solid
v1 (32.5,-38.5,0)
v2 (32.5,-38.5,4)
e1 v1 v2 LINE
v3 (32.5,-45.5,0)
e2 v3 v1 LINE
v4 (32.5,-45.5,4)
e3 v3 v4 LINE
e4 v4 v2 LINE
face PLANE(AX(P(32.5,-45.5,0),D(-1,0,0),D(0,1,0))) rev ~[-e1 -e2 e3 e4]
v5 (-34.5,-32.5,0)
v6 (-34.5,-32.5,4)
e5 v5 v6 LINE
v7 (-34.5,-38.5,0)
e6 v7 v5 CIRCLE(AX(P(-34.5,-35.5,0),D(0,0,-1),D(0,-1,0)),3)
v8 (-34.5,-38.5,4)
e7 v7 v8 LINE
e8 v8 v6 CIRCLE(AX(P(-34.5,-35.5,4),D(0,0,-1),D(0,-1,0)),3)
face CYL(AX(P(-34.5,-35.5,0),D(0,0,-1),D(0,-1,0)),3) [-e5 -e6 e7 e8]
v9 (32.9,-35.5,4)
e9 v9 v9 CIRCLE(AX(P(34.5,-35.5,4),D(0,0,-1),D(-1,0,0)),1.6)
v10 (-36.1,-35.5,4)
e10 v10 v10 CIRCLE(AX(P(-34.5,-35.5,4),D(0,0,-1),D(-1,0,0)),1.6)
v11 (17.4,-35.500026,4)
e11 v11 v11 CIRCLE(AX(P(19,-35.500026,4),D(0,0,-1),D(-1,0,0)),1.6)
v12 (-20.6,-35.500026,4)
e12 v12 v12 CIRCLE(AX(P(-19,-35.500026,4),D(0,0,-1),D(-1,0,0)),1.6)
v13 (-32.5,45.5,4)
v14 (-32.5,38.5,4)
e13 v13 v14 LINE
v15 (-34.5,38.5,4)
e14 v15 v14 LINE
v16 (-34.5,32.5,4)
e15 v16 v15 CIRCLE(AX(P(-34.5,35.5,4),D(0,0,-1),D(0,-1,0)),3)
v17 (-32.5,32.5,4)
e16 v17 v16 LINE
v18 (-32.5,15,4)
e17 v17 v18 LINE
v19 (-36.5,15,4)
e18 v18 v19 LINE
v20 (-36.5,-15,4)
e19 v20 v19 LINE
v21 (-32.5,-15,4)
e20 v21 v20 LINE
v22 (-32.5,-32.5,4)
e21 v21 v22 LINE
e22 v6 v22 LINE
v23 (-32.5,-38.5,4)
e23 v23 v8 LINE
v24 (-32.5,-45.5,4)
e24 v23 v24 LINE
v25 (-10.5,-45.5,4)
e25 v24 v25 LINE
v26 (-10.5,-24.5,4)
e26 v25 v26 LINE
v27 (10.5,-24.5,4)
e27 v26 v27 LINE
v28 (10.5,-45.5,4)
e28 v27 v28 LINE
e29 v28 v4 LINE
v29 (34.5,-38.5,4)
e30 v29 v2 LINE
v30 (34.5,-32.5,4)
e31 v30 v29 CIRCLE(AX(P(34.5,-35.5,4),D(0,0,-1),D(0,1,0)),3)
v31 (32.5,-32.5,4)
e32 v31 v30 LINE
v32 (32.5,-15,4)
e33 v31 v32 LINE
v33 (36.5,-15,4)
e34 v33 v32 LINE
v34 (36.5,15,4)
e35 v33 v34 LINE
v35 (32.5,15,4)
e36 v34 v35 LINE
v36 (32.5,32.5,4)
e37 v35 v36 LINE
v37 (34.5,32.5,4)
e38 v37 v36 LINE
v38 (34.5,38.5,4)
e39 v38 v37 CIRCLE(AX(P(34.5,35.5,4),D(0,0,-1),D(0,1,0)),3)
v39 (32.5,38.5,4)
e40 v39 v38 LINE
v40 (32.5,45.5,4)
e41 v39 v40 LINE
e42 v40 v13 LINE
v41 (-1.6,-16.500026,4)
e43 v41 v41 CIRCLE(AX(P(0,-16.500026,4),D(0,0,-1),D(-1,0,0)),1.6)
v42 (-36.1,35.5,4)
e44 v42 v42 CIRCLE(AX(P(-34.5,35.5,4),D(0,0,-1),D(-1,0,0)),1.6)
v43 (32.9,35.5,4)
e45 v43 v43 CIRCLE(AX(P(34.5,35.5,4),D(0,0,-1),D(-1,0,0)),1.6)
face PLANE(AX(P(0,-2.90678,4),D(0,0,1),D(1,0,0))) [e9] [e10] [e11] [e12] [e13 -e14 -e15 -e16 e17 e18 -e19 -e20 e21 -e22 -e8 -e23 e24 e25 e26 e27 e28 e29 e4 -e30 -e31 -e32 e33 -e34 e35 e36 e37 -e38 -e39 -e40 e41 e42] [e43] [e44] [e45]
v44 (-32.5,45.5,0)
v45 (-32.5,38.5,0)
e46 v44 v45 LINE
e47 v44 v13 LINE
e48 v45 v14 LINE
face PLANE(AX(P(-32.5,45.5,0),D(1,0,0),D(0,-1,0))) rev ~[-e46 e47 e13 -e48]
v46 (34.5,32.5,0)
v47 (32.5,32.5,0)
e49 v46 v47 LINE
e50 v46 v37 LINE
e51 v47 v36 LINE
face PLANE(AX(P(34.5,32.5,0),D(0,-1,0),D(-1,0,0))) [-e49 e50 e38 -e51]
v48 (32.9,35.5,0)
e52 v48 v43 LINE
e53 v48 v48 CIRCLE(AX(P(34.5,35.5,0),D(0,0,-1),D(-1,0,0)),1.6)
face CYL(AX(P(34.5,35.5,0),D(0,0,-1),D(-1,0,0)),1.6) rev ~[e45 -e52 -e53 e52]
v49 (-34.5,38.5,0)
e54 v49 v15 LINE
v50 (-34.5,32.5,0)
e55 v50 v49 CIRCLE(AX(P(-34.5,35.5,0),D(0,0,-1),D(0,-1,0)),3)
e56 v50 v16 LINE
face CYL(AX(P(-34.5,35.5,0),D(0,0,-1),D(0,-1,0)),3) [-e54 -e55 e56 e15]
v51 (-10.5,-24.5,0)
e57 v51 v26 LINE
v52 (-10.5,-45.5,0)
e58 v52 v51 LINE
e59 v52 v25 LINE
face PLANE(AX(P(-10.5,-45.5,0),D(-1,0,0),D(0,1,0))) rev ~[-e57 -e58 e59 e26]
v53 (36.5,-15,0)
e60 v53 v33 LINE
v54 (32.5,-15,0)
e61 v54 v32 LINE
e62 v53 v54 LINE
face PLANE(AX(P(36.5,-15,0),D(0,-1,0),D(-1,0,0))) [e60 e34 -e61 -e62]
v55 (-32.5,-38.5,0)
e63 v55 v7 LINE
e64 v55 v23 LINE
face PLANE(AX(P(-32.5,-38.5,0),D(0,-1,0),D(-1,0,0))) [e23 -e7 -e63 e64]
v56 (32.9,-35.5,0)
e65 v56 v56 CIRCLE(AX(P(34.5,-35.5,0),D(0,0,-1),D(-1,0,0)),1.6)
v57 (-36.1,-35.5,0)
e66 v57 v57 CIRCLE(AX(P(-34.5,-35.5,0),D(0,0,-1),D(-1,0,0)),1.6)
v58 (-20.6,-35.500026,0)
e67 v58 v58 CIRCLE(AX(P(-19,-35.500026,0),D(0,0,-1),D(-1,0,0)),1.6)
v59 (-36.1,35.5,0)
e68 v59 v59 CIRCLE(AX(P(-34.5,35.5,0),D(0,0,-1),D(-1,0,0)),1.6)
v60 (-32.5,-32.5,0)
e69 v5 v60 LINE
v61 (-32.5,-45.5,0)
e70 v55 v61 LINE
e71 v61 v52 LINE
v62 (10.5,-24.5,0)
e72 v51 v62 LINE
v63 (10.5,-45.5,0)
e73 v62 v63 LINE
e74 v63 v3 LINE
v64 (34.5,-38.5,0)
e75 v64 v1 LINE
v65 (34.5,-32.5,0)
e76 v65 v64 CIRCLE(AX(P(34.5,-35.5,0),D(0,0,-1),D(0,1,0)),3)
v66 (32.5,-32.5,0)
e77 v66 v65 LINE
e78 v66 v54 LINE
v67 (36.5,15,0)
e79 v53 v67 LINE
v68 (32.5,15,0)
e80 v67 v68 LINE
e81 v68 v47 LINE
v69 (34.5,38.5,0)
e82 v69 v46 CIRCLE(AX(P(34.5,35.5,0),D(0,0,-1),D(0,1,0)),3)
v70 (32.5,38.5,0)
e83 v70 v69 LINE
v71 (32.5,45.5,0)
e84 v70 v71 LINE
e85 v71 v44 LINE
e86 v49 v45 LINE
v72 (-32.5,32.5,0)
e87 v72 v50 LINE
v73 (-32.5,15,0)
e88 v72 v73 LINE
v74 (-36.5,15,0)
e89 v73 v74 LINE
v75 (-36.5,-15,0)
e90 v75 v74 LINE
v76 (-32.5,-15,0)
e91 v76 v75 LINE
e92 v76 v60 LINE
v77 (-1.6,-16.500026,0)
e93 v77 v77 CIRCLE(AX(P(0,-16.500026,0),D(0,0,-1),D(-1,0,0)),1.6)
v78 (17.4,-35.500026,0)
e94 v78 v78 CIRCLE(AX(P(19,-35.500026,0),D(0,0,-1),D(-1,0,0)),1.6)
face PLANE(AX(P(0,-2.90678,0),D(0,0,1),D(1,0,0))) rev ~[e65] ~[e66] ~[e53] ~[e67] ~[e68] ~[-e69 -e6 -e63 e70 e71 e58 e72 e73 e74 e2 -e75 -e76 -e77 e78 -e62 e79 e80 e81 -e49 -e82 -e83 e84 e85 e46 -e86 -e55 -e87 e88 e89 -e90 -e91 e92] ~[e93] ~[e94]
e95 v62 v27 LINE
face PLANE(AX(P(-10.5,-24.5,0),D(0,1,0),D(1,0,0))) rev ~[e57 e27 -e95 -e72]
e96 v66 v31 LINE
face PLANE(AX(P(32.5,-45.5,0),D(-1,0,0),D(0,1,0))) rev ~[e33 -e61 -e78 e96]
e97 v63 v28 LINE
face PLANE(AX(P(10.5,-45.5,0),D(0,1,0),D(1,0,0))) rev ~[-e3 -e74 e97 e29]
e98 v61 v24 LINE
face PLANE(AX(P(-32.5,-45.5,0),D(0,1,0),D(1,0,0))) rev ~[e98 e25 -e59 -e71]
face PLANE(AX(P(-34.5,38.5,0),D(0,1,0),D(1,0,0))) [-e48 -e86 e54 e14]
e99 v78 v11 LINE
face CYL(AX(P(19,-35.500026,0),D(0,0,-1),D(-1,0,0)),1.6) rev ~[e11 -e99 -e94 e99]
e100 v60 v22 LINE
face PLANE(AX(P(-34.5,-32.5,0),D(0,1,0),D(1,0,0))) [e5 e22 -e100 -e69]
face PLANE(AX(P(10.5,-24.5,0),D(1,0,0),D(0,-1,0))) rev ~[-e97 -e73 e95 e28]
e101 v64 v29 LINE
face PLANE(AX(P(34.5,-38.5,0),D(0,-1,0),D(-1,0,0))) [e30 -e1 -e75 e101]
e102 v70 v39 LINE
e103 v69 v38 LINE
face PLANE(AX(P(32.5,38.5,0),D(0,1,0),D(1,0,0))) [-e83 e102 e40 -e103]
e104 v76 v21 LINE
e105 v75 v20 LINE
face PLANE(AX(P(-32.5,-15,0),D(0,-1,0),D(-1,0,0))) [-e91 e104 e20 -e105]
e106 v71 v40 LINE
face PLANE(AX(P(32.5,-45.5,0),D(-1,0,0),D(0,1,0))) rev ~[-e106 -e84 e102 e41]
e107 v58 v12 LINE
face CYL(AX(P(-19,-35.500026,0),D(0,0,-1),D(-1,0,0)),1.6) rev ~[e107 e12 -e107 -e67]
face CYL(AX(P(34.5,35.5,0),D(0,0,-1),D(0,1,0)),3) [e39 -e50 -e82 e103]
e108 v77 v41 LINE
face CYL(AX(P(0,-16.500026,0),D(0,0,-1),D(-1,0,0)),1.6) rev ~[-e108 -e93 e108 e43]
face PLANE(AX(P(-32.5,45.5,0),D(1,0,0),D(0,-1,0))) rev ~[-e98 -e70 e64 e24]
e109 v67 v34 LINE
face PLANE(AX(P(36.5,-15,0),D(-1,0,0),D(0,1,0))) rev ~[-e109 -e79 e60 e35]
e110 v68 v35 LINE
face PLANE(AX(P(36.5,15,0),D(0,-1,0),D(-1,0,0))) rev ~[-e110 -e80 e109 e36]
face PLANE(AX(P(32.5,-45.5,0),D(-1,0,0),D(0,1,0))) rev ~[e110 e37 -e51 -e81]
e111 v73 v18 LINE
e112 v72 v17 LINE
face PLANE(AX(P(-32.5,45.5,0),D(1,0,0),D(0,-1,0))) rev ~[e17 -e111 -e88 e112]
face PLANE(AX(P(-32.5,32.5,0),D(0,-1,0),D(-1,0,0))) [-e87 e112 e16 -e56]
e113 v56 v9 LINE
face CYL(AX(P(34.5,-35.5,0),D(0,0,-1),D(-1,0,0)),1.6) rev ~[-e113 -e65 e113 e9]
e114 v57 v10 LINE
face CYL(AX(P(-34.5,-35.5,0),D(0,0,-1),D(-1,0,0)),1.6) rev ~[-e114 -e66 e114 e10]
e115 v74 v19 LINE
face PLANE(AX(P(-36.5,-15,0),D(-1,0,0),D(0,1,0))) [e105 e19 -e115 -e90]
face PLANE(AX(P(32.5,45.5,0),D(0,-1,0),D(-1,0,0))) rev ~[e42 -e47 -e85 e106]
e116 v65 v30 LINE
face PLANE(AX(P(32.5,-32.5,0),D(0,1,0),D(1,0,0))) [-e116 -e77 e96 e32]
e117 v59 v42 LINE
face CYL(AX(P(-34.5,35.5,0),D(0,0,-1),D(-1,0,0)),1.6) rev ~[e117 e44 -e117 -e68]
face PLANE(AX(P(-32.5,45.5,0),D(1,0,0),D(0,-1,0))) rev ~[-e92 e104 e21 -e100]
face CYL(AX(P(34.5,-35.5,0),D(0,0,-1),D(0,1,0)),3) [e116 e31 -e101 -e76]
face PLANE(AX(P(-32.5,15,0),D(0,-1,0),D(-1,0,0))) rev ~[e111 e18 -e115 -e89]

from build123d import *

# Parameters (mm, degrees)
BOSS_EXTRUDE1_DEPTH = 4
SKETCH2_R           = 1.600000002
CUT_EXTRUDE1_DEPTH  = 57.058005673
SKETCH3_R           = 1.6
BOSS_EXTRUDE3_DEPTH = 4
SKETCH4_W           = 4
SKETCH4_H           = 30
BOSS_EXTRUDE4_DEPTH = 4


with BuildPart() as part:
    # Sketch1 → Boss-Extrude1 (new body)
    with BuildSketch(Plane.XY):
        Polygon((-10.5, -45.5), (-10.5, -24.5), (10.5, -24.5), (10.5, -45.5), (32.5, -45.5), (32.5, 45.5), (-32.5, 45.5), (-32.5, -45.5), align=None)
    extrude(amount=BOSS_EXTRUDE1_DEPTH)

    # Sketch2 → Cut-Extrude1 (cut, through all)
    with BuildSketch(Plane(origin=(0, 0, 0), x_dir=(-1, 0, 0), z_dir=(0, 0, -1))):
        with Locations((18.999999999, -35.500025949)):
            Circle(SKETCH2_R)
        with Locations((-1e-09, -16.500025949)):
            Circle(SKETCH2_R)
        with Locations((-19.000000001, -35.500025949)):
            Circle(SKETCH2_R)
    extrude(amount=-CUT_EXTRUDE1_DEPTH, mode=Mode.SUBTRACT)

    # Sketch3 → Boss-Extrude3 (add)
    # profile 1 of 4: a face of its own
    with BuildSketch(Plane(origin=(0, 0, 0), x_dir=(-1, 0, 0), z_dir=(0, 0, -1))):
        with BuildLine():
            Line((34.5, 38.5), (32.5, 38.5))
            Line((32.5, 38.5), (32.5, 32.5))
            Line((32.5, 32.5), (34.5, 32.5))
            ThreePointArc((34.5, 32.5), (37.5, 35.5), (34.5, 38.5))
        make_face()
        with Locations((34.5, 35.5)):
            Circle(SKETCH3_R, mode=Mode.SUBTRACT)
    # profile 2 of 4: a face of its own
    with BuildSketch(Plane(origin=(0, 0, 0), x_dir=(-1, 0, 0), z_dir=(0, 0, -1))):
        with BuildLine():
            Line((34.5, -32.5), (32.5, -32.5))
            Line((32.5, -32.5), (32.5, -38.5))
            Line((32.5, -38.5), (34.5, -38.5))
            ThreePointArc((34.5, -38.5), (37.5, -35.5), (34.5, -32.5))
        make_face()
        with Locations((34.5, -35.5)):
            Circle(SKETCH3_R, mode=Mode.SUBTRACT)
    # profile 3 of 4: a face of its own
    with BuildSketch(Plane(origin=(0, 0, 0), x_dir=(-1, 0, 0), z_dir=(0, 0, -1))):
        with BuildLine():
            Line((-34.5, -38.5), (-32.5, -38.5))
            Line((-32.5, -38.5), (-32.5, -32.5))
            Line((-32.5, -32.5), (-34.5, -32.5))
            ThreePointArc((-34.5, -32.5), (-37.5, -35.5), (-34.5, -38.5))
        make_face()
        with Locations((-34.5, -35.5)):
            Circle(SKETCH3_R, mode=Mode.SUBTRACT)
    # profile 4 of 4: a face of its own
    with BuildSketch(Plane(origin=(0, 0, 0), x_dir=(-1, 0, 0), z_dir=(0, 0, -1))):
        with BuildLine():
            Line((-34.5, 32.5), (-32.5, 32.5))
            Line((-32.5, 32.5), (-32.5, 38.5))
            Line((-32.5, 38.5), (-34.5, 38.5))
            ThreePointArc((-34.5, 38.5), (-37.5, 35.5), (-34.5, 32.5))
        make_face()
        with Locations((-34.5, 35.5)):
            Circle(SKETCH3_R, mode=Mode.SUBTRACT)
    extrude(amount=-BOSS_EXTRUDE3_DEPTH)

    # Sketch4 → Boss-Extrude4 (add)
    with BuildSketch(Plane(origin=(0, 0, 0), x_dir=(-1, 0, 0), z_dir=(0, 0, -1))):
        with Locations((34.5, 0)):
            Rectangle(SKETCH4_W, SKETCH4_H)
        with Locations((-34.5, 0)):
            Rectangle(SKETCH4_W, SKETCH4_H)
    extrude(amount=-BOSS_EXTRUDE4_DEPTH)


solid = part.part
